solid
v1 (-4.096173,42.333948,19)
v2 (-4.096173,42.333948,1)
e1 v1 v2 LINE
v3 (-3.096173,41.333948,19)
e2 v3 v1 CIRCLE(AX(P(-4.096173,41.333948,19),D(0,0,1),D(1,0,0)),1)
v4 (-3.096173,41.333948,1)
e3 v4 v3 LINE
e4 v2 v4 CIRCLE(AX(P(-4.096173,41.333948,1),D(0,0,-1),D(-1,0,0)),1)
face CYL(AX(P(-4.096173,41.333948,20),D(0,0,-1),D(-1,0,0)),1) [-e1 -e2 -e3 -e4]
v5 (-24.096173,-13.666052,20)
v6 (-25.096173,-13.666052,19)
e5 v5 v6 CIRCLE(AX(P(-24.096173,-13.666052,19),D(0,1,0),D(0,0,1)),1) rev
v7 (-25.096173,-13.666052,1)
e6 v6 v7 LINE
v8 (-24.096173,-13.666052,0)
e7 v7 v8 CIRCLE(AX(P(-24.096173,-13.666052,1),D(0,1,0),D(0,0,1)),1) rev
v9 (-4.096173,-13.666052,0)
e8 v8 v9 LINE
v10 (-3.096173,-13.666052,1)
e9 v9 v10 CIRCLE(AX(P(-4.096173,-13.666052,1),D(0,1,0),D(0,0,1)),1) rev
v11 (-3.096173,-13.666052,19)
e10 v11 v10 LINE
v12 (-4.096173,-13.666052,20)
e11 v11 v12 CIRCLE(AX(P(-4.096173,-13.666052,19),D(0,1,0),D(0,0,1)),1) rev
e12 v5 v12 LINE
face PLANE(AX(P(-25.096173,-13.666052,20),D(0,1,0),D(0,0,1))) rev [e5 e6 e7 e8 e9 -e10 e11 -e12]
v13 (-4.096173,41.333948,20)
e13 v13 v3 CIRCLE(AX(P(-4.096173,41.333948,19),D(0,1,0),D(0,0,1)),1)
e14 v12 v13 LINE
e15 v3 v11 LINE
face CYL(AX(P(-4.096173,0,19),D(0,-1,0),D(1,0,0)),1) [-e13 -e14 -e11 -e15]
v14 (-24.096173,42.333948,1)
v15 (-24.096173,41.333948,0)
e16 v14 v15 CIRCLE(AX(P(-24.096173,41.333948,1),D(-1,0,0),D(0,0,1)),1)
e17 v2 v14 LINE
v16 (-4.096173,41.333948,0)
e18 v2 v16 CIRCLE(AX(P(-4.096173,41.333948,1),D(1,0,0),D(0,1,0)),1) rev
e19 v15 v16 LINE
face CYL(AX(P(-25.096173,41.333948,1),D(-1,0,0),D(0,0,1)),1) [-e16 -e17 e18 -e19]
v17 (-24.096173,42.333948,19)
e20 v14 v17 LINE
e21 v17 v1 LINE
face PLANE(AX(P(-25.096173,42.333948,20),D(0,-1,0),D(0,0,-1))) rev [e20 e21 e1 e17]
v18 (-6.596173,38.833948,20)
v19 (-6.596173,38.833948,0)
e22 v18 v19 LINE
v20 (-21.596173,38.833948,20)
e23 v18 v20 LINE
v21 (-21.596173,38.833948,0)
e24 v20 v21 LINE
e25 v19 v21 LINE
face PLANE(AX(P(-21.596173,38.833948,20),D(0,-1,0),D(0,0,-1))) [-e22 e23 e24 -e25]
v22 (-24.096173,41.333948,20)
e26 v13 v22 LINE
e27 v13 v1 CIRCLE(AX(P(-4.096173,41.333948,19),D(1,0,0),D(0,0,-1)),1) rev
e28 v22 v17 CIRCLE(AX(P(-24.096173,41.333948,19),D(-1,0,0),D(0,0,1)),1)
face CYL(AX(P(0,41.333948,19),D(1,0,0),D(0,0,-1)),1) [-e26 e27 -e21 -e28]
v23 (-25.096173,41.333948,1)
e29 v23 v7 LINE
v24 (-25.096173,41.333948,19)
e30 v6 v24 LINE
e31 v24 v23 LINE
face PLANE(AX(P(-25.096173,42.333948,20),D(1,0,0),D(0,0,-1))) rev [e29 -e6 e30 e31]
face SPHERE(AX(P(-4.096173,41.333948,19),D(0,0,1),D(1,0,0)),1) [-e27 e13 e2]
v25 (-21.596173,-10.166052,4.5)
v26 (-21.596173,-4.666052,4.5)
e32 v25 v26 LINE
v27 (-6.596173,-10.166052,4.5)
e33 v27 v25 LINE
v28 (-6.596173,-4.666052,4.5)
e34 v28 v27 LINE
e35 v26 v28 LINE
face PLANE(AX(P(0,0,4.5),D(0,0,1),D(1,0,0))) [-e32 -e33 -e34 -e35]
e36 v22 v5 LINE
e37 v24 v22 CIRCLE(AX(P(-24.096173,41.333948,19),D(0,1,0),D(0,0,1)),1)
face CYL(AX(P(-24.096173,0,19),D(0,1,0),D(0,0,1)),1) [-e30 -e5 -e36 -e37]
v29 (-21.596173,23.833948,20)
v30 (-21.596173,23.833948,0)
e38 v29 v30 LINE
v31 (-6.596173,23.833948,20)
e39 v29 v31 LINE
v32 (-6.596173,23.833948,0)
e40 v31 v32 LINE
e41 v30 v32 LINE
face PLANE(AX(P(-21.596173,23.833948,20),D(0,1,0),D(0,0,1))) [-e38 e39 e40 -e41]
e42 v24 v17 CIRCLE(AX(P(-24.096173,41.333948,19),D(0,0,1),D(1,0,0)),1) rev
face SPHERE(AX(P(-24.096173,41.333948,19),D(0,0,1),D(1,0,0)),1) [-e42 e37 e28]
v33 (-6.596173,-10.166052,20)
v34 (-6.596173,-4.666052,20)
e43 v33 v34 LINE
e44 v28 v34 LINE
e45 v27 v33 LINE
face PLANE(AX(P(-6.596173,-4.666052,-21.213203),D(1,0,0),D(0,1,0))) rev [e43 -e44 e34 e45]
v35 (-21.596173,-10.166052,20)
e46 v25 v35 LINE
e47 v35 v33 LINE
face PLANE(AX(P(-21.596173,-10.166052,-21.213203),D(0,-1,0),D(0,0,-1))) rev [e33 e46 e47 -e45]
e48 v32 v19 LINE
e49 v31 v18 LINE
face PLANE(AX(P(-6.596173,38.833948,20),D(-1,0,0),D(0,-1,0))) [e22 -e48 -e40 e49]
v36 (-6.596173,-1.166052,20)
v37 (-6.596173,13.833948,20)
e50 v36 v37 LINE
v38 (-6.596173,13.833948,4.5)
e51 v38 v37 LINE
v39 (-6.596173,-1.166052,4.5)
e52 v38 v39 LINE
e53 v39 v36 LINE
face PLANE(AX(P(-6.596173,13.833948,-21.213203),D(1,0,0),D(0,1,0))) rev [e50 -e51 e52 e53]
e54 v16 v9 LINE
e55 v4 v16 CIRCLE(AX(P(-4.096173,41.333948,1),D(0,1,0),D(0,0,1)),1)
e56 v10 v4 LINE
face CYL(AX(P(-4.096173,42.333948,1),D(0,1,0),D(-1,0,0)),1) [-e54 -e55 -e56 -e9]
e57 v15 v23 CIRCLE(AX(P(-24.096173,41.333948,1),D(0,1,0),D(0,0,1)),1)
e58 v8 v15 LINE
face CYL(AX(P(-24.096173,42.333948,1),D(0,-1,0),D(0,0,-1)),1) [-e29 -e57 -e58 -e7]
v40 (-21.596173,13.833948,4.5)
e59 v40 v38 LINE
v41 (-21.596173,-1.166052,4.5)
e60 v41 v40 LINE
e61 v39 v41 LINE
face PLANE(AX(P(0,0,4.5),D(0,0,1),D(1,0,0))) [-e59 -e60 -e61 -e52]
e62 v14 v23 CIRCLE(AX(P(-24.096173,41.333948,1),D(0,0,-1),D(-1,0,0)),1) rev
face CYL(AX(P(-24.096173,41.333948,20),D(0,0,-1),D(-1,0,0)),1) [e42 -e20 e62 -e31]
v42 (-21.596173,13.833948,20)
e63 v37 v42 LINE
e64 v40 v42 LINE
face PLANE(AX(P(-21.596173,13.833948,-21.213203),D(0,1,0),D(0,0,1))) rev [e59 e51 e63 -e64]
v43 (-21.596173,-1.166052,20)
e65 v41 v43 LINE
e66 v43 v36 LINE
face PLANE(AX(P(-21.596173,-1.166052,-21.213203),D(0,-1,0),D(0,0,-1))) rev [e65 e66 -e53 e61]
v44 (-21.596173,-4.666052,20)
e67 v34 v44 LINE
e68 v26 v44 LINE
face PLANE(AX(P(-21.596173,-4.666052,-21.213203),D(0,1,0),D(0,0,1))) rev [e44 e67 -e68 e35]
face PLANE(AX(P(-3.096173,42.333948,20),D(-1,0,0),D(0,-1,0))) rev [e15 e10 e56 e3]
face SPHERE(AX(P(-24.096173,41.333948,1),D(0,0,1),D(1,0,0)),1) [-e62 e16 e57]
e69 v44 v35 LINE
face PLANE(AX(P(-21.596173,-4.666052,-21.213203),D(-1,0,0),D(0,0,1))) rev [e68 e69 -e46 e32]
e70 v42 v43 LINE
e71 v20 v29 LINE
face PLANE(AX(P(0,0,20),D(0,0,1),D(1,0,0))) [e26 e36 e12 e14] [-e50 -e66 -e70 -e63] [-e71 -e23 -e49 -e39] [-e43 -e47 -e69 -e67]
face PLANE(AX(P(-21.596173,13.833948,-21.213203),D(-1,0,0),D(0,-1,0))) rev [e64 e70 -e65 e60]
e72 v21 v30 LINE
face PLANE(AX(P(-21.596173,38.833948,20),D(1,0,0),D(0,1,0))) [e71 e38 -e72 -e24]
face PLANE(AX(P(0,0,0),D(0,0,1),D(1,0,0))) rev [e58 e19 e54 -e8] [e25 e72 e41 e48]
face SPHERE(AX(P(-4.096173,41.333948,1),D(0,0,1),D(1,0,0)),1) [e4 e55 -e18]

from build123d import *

# Parameters (mm, degrees)
SKETCH1_W           = 22
SKETCH1_H           = 56
SKETCH1_W_2         = 15
SKETCH1_H_2         = 15
BOSS_EXTRUDE1_DEPTH = 20
SKETCH2_W           = 15
SKETCH2_H           = 15
SKETCH2_H_2         = 5.5
CUT_EXTRUDE1_DEPTH  = 15.5
FILLET1_R           = 1


with BuildPart() as part:
    # Sketch1 → Boss-Extrude1 (new body)
    with BuildSketch(Plane.XY):
        with Locations((-14.096172604, 14.333947726)):
            Rectangle(SKETCH1_W, SKETCH1_H)
        with Locations((-14.096172604, 31.333947726)):
            Rectangle(SKETCH1_W_2, SKETCH1_H_2, mode=Mode.SUBTRACT)
    extrude(amount=BOSS_EXTRUDE1_DEPTH)

    # Sketch2 → Cut-Extrude1 (cut)
    with BuildSketch(Plane.XY.offset(20)):
        with Locations((-14.096172604, 6.333947726)):
            Rectangle(SKETCH2_W, SKETCH2_H)
        with Locations((-14.096172604, -7.416052274)):
            Rectangle(SKETCH2_W, SKETCH2_H_2)
    extrude(amount=-CUT_EXTRUDE1_DEPTH, mode=Mode.SUBTRACT)

    # Fillet1
    fillet1_edges = [part.edges().sort_by_distance(p)[0] for p in [
        (-3.096172604, 14.333947726, 20),
        (-14.096172604, 42.333947726, 20),
        (-25.096172604, 14.333947726, 20),
        (-14.096172604, 42.333947726, 0),
        (-3.096172604, 14.333947726, 0),
        (-25.096172604, 14.333947726, 0),
        (-25.096172604, 42.333947726, 10),
        (-3.096172604, 42.333947726, 10),
    ]]
    fillet(fillet1_edges, radius=FILLET1_R)


solid = part.part
